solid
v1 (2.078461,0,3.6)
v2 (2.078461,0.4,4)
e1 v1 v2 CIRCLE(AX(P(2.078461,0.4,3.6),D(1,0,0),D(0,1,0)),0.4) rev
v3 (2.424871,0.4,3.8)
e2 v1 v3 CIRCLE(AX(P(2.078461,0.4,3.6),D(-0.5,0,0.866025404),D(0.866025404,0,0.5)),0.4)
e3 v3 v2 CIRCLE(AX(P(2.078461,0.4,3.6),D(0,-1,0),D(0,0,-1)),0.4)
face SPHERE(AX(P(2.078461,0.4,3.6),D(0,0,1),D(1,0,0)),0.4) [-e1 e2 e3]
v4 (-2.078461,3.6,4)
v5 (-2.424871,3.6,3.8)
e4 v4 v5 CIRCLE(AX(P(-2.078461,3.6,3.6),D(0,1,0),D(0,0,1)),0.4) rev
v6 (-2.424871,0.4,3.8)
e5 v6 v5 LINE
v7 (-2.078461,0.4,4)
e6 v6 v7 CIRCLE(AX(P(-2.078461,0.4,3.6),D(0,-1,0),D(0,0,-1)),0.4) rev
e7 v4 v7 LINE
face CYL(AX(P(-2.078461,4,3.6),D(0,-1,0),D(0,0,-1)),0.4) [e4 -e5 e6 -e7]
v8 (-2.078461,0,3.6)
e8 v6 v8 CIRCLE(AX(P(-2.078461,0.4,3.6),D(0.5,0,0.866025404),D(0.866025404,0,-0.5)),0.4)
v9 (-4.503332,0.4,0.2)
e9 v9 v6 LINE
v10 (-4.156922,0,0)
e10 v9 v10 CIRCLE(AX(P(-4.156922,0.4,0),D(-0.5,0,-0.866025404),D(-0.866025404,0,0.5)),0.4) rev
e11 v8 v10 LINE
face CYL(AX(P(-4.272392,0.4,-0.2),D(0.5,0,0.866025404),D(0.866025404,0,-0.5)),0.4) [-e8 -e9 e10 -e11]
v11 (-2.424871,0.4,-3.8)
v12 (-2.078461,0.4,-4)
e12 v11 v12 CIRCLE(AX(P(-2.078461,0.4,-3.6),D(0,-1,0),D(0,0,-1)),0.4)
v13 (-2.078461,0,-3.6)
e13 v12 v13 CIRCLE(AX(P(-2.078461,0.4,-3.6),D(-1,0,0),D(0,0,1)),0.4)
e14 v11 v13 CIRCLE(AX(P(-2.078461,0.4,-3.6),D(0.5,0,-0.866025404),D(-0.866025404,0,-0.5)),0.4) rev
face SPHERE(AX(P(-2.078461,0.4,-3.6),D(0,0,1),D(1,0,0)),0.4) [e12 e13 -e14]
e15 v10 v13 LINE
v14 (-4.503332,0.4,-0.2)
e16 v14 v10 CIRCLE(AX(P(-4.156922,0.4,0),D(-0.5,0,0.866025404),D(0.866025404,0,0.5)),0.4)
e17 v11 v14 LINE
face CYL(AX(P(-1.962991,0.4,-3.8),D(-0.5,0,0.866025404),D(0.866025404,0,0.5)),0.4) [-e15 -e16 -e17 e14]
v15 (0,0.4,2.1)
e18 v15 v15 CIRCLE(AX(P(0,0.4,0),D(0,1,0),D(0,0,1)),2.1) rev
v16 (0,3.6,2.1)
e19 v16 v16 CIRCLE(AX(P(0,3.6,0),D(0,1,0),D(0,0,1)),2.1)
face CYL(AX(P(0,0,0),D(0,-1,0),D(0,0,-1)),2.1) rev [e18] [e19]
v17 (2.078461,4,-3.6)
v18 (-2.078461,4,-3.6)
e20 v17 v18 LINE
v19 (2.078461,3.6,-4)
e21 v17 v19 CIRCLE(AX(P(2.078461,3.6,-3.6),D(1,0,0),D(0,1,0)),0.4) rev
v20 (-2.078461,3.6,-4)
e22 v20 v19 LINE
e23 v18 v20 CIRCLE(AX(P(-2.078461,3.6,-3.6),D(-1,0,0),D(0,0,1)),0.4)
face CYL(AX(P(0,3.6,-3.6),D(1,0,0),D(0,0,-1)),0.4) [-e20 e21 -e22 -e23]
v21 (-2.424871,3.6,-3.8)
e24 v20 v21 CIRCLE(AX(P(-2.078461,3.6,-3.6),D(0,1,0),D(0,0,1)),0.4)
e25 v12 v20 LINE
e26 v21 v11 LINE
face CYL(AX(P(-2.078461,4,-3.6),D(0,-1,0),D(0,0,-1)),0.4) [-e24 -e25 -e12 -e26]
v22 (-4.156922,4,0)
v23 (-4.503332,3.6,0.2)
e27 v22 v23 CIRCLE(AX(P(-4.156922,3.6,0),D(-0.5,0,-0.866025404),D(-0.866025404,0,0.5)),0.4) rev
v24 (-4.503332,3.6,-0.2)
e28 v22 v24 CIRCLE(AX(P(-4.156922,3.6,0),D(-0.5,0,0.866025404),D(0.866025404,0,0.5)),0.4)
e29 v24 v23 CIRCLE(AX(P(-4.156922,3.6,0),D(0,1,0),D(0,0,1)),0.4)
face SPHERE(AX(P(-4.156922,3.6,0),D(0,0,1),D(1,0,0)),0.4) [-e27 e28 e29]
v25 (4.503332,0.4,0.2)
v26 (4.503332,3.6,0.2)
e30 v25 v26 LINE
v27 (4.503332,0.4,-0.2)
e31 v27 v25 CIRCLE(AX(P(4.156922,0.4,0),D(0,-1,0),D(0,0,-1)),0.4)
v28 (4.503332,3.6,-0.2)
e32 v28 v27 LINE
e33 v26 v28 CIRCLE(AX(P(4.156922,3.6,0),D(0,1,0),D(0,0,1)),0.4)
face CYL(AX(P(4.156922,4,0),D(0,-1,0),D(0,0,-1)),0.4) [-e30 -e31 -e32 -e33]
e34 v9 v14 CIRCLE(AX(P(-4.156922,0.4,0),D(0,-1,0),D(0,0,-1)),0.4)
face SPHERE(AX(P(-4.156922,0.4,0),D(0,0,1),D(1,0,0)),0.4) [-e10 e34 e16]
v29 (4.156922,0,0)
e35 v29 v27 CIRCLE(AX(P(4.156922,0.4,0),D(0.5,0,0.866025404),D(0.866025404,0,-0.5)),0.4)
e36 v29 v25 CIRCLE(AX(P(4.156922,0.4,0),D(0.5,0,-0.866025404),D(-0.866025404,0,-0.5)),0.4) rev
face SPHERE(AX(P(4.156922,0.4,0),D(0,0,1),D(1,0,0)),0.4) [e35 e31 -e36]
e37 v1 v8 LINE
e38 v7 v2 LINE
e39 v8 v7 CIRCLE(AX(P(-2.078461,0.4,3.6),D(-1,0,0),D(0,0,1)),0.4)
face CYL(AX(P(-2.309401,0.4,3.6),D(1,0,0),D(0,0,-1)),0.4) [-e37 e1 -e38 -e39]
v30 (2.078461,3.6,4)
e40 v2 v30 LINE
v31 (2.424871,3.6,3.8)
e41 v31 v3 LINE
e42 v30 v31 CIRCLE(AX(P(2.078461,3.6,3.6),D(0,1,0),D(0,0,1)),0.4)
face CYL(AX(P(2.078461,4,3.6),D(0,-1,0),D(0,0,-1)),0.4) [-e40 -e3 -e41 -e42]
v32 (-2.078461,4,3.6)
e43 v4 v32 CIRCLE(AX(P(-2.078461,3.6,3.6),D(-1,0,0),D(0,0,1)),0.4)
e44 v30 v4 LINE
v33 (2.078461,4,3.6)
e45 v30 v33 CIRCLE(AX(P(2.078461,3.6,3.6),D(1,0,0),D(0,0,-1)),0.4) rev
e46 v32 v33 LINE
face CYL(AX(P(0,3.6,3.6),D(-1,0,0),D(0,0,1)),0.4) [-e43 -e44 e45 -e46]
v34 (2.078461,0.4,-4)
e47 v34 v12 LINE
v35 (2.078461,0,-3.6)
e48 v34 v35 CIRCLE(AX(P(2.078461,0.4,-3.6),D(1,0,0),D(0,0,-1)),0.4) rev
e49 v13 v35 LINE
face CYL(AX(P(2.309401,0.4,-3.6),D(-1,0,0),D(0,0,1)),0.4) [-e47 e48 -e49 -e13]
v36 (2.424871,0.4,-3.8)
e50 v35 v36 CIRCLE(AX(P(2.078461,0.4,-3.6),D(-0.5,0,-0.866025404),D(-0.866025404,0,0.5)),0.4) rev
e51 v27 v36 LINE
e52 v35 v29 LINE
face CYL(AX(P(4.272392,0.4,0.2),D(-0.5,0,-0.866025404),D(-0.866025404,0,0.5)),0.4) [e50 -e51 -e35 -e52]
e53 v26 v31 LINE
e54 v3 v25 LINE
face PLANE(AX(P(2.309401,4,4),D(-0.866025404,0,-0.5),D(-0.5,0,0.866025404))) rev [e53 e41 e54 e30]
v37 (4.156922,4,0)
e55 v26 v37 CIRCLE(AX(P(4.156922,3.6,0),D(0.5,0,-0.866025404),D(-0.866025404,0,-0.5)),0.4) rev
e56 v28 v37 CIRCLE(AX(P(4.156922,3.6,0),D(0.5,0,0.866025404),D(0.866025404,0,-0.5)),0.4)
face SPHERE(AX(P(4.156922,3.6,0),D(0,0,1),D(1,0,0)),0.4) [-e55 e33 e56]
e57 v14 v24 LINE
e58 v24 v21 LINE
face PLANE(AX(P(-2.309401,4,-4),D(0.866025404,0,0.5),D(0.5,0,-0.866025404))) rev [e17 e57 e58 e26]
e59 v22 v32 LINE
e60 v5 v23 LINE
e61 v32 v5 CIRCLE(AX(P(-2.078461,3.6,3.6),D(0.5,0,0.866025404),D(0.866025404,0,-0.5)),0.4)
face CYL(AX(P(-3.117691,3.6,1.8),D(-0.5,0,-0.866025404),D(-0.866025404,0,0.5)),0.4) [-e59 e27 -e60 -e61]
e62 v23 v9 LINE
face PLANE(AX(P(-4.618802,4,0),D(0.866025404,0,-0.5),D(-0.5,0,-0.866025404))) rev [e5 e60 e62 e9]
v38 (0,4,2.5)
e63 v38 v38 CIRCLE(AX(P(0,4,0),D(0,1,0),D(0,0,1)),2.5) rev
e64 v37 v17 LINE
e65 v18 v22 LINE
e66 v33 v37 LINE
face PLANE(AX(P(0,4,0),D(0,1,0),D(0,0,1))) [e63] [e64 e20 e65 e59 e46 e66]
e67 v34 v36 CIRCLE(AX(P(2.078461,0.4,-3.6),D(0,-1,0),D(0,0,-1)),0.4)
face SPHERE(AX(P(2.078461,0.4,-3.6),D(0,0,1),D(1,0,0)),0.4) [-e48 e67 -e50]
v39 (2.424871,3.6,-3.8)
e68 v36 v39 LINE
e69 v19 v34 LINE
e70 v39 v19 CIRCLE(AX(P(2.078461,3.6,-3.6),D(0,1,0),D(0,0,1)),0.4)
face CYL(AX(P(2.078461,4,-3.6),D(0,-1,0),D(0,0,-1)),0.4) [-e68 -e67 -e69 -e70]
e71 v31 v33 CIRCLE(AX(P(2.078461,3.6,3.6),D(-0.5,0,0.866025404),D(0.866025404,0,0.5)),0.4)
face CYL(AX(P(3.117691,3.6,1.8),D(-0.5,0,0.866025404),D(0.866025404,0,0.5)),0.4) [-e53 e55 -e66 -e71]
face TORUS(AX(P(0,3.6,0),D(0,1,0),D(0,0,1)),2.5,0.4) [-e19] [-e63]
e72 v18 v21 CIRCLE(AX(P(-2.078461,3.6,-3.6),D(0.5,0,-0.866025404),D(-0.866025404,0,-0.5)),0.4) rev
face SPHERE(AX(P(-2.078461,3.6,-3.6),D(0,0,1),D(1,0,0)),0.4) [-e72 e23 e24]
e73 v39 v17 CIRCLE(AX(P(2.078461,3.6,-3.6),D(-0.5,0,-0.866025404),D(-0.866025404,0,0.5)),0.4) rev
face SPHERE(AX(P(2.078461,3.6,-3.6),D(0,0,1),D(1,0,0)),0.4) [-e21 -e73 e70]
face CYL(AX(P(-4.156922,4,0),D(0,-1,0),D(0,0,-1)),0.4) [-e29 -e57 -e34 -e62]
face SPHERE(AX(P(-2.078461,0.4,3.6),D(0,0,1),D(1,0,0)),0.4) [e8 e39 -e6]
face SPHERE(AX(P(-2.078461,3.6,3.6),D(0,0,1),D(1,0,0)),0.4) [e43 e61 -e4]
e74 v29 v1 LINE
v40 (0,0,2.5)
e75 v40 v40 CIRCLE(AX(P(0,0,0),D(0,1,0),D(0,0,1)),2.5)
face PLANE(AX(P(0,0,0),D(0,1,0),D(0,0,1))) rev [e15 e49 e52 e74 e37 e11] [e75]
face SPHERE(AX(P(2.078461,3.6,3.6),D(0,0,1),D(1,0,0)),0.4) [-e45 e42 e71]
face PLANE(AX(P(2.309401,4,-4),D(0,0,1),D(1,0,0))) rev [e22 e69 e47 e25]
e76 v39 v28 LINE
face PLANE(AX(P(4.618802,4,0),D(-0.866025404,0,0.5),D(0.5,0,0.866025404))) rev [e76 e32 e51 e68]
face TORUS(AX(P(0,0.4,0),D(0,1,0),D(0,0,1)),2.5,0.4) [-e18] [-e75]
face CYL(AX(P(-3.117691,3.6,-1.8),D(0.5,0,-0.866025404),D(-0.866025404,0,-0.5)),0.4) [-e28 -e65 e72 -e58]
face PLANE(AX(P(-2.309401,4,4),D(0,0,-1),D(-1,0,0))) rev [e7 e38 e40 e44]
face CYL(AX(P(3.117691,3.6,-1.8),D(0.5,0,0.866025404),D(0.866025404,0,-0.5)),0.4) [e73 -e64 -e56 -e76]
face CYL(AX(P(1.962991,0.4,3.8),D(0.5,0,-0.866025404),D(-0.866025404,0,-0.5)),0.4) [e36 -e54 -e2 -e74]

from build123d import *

# Parameters (mm, degrees)
MAIN_BLOCK_DEPTH    = 4
M5_TAPPED_SECTION_D = 4.2
COSMETIC_FILLETS_R  = 0.4


with BuildPart() as part:
    # Main Block Sketch → Main Block (new body)
    with BuildSketch(Plane(origin=(0, 0, 0), x_dir=(1, 0, 0), z_dir=(0, 1, 0))):
        Polygon((2.309401077, 4), (-2.309401077, 4), (-4.618802154, 0), (-2.309401077, -4), (2.309401077, -4), (4.618802154, 0), align=None)
    extrude(amount=MAIN_BLOCK_DEPTH)

    # M5 Tapped section (through all)
    with Locations(Plane(origin=(0, 0, 0), x_dir=(-1, 0, 0), z_dir=(0, -1, 0))):
        with Locations((0, 0)):
            Hole(M5_TAPPED_SECTION_D / 2)

    # Cosmetic Fillets
    cosmetic_fillets_edges = [part.edges().sort_by_distance(p)[0] for p in [
        (4.618802154, 2, 0),
        (2.309401077, 2, 4),
        (-2.309401077, 2, 4),
        (-4.618802154, 2, 0),
        (-2.309401077, 2, -4),
        (2.309401077, 2, -4),
        (-3.464101615, 4, -2),
        (-3.464101615, 4, 2),
        (0, 4, 4),
        (-2.1, 0, 0),
        (-2.1, 4, 0),
        (3.464101615, 4, 2),
        (3.464101615, 4, -2),
        (3.464101615, 0, 2),
        (0, 0, 4),
        (-3.464101615, 0, 2),
        (-3.464101615, 0, -2),
        (0, 0, -4),
        (3.464101615, 0, -2),
        (0, 4, -4),
    ]]
    fillet(cosmetic_fillets_edges, radius=COSMETIC_FILLETS_R)


solid = part.part
